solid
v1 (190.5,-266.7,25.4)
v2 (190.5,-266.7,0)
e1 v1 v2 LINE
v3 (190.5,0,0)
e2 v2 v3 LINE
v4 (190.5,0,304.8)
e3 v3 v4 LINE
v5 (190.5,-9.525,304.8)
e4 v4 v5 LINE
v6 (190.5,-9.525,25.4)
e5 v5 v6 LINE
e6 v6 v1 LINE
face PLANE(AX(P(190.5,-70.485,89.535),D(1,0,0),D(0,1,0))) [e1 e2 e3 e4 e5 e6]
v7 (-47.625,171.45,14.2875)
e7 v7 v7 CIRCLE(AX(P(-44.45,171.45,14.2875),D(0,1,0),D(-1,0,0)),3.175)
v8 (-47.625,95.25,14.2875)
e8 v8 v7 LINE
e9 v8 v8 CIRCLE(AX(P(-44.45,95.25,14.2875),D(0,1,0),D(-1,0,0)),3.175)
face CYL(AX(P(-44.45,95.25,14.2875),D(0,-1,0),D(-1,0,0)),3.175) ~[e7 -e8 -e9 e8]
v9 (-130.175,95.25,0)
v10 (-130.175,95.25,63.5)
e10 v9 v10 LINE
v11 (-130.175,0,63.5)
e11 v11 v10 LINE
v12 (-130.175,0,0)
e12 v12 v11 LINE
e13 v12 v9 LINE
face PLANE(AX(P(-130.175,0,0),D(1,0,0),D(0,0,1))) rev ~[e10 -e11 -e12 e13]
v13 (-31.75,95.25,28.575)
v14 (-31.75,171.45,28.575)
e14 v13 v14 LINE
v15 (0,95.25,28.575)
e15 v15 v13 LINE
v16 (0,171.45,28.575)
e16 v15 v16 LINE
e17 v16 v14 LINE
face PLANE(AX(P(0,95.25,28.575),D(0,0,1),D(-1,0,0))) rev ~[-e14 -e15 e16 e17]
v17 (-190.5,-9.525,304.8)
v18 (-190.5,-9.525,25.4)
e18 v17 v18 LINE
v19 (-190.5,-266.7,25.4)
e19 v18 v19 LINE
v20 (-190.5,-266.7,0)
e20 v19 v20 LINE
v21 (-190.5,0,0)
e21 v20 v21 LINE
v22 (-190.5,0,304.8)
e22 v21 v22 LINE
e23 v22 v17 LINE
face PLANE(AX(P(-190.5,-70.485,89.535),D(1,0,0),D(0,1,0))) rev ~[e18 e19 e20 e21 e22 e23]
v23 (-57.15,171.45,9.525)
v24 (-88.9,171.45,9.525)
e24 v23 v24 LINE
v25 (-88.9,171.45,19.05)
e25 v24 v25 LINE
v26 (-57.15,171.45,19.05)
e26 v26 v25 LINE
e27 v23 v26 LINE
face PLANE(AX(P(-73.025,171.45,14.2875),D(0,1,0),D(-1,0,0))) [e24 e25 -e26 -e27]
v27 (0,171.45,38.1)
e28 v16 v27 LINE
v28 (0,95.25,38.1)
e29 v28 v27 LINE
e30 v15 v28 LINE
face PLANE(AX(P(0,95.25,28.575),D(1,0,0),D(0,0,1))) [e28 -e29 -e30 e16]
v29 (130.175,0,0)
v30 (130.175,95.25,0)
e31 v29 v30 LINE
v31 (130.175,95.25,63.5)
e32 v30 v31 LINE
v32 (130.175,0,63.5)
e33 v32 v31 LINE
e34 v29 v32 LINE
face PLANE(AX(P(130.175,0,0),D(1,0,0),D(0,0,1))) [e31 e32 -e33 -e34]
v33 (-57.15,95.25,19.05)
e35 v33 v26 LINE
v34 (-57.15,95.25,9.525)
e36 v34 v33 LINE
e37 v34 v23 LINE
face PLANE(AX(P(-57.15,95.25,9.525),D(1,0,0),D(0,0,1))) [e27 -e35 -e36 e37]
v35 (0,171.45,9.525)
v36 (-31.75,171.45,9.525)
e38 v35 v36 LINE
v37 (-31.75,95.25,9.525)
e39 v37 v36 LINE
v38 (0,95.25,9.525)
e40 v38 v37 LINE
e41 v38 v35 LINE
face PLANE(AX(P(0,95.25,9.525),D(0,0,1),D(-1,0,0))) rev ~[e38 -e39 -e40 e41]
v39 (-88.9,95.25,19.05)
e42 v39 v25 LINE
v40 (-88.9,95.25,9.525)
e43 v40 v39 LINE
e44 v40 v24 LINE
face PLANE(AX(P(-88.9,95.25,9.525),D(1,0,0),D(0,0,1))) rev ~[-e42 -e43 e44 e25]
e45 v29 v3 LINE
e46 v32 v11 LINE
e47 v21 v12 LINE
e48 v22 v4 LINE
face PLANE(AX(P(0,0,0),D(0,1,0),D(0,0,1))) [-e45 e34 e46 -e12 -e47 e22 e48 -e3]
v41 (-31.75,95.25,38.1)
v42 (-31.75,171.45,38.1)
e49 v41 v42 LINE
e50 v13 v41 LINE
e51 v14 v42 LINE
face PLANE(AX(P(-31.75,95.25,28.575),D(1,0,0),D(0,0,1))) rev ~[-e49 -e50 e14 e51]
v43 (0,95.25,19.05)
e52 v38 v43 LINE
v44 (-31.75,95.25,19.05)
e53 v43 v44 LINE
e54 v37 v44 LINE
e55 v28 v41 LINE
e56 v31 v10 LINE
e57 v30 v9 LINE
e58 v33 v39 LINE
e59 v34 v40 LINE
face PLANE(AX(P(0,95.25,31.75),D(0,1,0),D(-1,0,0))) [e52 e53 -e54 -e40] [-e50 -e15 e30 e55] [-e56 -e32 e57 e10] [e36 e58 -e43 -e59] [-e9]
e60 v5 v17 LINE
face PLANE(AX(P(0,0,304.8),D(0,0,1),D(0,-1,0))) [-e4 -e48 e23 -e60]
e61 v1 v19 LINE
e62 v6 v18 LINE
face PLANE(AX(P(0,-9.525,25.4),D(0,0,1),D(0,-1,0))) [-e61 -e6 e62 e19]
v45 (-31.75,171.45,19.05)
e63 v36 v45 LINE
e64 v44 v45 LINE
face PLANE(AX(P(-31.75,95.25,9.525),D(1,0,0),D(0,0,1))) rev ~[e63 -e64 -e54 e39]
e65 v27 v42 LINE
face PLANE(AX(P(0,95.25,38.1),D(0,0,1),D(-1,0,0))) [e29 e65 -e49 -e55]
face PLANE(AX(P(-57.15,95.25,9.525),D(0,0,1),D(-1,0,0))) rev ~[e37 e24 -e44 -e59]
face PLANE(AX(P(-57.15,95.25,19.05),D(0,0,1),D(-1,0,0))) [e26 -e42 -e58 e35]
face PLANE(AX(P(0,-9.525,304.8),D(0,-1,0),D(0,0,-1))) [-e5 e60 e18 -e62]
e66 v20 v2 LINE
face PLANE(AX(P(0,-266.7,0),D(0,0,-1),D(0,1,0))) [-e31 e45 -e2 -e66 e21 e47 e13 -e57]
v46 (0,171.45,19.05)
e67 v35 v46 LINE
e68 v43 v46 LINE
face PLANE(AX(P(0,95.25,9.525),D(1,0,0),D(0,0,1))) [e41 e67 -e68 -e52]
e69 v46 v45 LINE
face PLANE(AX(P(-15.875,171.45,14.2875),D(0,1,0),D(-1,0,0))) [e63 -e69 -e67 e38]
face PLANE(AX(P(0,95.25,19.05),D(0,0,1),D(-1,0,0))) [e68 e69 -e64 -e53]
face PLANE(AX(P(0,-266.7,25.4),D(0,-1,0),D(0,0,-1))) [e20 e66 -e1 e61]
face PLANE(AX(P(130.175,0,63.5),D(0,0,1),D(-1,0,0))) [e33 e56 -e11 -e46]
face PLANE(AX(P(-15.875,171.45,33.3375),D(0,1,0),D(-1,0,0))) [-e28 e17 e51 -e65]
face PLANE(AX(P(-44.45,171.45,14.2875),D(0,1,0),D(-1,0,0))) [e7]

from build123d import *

# Parameters (mm, degrees)
F1_DEPTH = 190.5
F2_W     = 260.35
F2_H     = 63.5
F3_DEPTH = 95.25
F4_W     = 31.75
F4_H     = 9.525
F4_R     = 3.175
F5_DEPTH = 76.2


with BuildPart() as f1:
    # F0 (on Right) → F1 (new body, symmetric)
    with BuildSketch(Plane.YZ):
        Polygon((-266.7, 25.4), (-266.7, 0), (0, 0), (0, 304.8), (-9.525, 304.8), (-9.525, 25.4), align=None)
    extrude(amount=F1_DEPTH, both=True)

    # F2 (on face) → F3 (join)
    with BuildSketch(Plane(origin=(0, 0, 0), x_dir=(-1, 0, 0), z_dir=(0, 1, 0))):
        with Locations((0, 31.75)):
            Rectangle(F2_W, F2_H)
    extrude(amount=F3_DEPTH)

    # F4 (on face) → F5 (join)
    with BuildSketch(Plane(origin=(0, 95.25, 0), x_dir=(-1, 0, 0), z_dir=(0, 1, 0))):
        with Locations((15.875, 14.2875)):
            Rectangle(F4_W, F4_H)
        with Locations((73.025, 14.2875)):
            Rectangle(F4_W, F4_H)
        with Locations((15.875, 33.3375)):
            Rectangle(F4_W, F4_H)
        with Locations((44.45, 14.2875)):
            Circle(F4_R)
    extrude(amount=F5_DEPTH)


solid = f1.part
